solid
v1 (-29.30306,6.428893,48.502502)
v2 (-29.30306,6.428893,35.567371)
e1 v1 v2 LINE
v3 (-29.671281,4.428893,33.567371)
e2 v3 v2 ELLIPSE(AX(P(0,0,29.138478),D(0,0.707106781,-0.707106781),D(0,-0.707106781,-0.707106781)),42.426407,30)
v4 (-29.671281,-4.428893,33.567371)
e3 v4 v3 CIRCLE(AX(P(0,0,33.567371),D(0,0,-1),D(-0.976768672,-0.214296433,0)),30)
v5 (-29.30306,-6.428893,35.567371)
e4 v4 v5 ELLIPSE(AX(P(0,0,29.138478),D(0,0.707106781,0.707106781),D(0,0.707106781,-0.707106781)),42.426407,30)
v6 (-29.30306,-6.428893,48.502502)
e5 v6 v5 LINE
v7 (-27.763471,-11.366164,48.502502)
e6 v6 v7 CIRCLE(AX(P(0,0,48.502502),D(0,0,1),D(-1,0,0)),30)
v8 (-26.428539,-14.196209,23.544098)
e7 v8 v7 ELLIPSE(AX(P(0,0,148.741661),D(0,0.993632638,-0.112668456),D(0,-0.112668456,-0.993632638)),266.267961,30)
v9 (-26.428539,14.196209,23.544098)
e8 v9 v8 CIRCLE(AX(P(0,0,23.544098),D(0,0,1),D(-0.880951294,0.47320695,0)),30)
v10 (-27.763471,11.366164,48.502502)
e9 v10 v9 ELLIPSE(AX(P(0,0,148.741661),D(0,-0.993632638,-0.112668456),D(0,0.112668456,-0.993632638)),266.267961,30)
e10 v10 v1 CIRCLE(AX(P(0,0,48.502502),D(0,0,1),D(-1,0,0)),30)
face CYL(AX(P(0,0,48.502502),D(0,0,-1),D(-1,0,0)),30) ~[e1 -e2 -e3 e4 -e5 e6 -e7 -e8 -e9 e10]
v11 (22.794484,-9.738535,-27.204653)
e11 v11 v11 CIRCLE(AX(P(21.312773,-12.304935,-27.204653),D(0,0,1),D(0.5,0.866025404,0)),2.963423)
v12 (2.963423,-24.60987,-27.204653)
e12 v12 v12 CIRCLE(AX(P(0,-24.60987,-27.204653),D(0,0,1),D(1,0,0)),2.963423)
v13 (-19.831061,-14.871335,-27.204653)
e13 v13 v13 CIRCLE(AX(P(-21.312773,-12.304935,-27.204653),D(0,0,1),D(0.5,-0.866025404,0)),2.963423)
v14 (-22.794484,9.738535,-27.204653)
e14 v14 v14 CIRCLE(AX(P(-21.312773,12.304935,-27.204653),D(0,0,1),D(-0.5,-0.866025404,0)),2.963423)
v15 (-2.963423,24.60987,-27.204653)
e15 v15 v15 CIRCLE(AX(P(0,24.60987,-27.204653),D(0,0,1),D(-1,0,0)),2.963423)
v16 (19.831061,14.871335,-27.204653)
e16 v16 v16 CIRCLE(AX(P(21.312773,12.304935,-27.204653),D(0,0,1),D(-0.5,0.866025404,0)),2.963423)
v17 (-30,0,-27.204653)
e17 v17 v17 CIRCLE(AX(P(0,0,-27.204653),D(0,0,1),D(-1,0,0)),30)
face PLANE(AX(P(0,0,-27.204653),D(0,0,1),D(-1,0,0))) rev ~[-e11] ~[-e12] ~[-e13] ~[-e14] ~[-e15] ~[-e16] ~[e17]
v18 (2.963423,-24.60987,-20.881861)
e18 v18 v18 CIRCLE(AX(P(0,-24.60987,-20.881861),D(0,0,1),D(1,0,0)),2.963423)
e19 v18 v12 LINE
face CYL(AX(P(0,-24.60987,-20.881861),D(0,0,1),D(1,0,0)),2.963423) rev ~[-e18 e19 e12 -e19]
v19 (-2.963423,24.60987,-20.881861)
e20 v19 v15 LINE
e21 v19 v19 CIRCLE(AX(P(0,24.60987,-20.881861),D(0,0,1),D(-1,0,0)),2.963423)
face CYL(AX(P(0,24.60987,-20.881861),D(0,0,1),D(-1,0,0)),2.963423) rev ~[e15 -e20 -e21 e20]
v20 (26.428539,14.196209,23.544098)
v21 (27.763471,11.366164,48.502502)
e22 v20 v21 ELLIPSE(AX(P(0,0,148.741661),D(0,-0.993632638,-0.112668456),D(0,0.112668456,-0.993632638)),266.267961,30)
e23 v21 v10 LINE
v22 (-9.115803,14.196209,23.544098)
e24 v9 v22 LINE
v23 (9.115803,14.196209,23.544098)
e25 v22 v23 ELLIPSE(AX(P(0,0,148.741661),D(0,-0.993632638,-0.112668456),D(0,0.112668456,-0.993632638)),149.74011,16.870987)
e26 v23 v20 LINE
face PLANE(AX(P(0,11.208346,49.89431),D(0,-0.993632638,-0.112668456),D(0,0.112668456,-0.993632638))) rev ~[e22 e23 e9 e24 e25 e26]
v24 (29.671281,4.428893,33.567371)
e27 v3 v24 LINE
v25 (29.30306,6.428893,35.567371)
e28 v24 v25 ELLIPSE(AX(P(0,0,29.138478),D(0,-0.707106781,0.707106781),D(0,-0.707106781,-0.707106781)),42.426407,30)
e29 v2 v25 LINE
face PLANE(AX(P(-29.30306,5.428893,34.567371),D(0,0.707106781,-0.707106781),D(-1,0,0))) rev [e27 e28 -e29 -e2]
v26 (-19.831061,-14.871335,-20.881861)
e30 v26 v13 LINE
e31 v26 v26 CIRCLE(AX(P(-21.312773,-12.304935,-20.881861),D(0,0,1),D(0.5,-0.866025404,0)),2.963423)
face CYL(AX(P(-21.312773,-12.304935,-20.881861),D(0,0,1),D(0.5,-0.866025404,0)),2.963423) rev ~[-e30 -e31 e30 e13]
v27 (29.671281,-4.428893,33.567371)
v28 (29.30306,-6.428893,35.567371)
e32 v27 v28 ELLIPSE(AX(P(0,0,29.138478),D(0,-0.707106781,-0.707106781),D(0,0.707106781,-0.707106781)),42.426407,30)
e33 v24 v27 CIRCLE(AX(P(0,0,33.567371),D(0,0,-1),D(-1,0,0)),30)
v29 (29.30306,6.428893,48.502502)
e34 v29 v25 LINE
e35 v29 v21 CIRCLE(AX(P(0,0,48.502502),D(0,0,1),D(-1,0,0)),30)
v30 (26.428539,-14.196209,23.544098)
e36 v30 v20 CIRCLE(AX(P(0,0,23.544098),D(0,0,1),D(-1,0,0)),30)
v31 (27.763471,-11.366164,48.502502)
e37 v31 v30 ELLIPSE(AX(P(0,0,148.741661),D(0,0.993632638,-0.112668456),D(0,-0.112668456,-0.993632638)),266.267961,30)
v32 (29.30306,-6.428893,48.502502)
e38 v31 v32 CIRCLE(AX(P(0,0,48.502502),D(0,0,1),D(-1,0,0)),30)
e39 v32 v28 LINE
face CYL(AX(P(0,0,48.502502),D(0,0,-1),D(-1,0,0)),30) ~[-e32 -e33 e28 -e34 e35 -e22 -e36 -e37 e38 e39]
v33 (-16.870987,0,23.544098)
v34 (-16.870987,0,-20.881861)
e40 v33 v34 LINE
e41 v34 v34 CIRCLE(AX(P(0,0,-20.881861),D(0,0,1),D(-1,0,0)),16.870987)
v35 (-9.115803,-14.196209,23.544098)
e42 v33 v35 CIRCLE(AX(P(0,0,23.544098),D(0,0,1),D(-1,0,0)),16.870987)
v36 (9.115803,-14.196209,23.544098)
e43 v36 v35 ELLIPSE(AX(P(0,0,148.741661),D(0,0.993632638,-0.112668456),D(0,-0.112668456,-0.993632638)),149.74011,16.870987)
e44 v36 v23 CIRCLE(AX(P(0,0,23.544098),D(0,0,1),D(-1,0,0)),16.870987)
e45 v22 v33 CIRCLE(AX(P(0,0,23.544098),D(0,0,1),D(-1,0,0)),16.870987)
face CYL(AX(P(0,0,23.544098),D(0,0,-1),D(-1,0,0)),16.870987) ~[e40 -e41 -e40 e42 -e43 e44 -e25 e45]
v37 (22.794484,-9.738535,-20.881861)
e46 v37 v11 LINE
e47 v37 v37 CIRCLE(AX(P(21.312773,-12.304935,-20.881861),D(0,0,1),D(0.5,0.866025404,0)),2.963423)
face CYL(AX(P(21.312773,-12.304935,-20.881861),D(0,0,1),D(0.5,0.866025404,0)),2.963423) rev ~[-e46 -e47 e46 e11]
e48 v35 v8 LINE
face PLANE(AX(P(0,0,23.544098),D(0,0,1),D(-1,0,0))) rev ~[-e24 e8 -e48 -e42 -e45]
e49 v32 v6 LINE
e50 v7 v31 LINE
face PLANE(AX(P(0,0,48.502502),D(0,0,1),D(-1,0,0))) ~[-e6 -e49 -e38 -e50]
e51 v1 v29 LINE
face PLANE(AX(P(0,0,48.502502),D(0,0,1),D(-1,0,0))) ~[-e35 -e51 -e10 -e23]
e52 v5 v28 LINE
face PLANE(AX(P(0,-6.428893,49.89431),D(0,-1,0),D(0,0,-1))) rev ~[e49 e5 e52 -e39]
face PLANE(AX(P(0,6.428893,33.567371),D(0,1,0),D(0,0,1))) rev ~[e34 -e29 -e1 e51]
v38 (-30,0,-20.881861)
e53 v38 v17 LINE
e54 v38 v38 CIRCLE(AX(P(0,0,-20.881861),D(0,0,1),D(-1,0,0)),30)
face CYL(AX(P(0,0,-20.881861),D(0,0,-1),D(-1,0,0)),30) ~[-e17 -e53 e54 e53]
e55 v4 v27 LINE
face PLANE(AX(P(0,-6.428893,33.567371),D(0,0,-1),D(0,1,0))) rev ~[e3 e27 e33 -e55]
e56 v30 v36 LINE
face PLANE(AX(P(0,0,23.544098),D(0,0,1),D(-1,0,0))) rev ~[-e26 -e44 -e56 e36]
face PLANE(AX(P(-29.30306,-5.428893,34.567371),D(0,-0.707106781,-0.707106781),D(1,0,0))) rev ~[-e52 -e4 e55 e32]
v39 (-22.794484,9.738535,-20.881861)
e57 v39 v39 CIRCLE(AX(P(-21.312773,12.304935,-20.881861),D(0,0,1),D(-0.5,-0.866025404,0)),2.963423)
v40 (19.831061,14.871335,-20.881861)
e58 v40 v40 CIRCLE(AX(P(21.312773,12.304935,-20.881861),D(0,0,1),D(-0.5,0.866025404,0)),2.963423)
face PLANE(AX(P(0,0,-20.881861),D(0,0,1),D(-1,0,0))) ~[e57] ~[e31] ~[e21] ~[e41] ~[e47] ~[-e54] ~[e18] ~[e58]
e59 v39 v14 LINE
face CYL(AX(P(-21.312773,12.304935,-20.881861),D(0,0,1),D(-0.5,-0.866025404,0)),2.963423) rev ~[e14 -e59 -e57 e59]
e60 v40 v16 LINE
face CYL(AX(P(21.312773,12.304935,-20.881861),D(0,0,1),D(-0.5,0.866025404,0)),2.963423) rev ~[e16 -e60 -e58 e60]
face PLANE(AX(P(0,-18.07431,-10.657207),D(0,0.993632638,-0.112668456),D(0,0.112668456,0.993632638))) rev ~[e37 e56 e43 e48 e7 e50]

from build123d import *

# Parameters (mm, degrees)
SKETCH001_R        = 2.963423
POCKET_DEPTH       = 233.757944
POLARPATTERN_COUNT = 6
POCKET001_DEPTH    = 41
CHAMFER_SIZE       = 2


with BuildPart() as part:
    # Sketch → Revolution (revolve)
    with BuildSketch(Plane.XZ):
        Polygon((-30, 48.502502), (-30, 23.544098), (-16.870987, 23.544098), (-16.870987, -20.881861), (-30, -20.881861), (-30, -27.204653), (0, -27.204653), (0, 48.502502), align=None)
    revolve(axis=Axis((0, 0, 0), (0, 0, 1)))

    # Sketch001 (on Face4 of Revolution) → Pocket (cut, through all)
    with BuildSketch(Plane(origin=(0, 0, -20.881861), x_dir=(-1, 0, 0), z_dir=(0, 0, 1))):
        with Locations((0, -24.60987)):
            Circle(SKETCH001_R)
    pocket = extrude(amount=-POCKET_DEPTH, mode=Mode.SUBTRACT)

    # PolarPattern: Pocket ×6 about axis
    polarpattern_axis = Axis((0, 0, -20.881861), (0, 0, 1))
    for i in range(1, POLARPATTERN_COUNT):
        add(pocket.rotate(polarpattern_axis, i * 360 / POLARPATTERN_COUNT), mode=Mode.SUBTRACT)

    # Sketch002 → Pocket001 (cut, symmetric)
    with BuildSketch(Plane.YZ):
        Polygon((-46.942223, 56.337571), (-46.942223, 49.89431), (-46.942223, -10.657207), (-18.07431, -10.657207), (-11.208346, 49.89431), (-6.428893, 49.89431), (-6.428893, 33.567371), (6.428893, 33.567371), (6.428893, 49.89431), (11.208346, 49.89431), (18.07431, -10.657207), (46.942223, -10.657207), (46.942223, 49.89431), (46.942223, 56.337571), align=None)
    extrude(amount=POCKET001_DEPTH, both=True, mode=Mode.SUBTRACT)

    # Chamfer
    chamfer_edges = [part.edges().sort_by_distance(p)[0] for p in [
        (0, -6.428893, 33.567371),
        (0, 6.428893, 33.567371),
    ]]
    chamfer(chamfer_edges, length=CHAMFER_SIZE)


solid = part.part
